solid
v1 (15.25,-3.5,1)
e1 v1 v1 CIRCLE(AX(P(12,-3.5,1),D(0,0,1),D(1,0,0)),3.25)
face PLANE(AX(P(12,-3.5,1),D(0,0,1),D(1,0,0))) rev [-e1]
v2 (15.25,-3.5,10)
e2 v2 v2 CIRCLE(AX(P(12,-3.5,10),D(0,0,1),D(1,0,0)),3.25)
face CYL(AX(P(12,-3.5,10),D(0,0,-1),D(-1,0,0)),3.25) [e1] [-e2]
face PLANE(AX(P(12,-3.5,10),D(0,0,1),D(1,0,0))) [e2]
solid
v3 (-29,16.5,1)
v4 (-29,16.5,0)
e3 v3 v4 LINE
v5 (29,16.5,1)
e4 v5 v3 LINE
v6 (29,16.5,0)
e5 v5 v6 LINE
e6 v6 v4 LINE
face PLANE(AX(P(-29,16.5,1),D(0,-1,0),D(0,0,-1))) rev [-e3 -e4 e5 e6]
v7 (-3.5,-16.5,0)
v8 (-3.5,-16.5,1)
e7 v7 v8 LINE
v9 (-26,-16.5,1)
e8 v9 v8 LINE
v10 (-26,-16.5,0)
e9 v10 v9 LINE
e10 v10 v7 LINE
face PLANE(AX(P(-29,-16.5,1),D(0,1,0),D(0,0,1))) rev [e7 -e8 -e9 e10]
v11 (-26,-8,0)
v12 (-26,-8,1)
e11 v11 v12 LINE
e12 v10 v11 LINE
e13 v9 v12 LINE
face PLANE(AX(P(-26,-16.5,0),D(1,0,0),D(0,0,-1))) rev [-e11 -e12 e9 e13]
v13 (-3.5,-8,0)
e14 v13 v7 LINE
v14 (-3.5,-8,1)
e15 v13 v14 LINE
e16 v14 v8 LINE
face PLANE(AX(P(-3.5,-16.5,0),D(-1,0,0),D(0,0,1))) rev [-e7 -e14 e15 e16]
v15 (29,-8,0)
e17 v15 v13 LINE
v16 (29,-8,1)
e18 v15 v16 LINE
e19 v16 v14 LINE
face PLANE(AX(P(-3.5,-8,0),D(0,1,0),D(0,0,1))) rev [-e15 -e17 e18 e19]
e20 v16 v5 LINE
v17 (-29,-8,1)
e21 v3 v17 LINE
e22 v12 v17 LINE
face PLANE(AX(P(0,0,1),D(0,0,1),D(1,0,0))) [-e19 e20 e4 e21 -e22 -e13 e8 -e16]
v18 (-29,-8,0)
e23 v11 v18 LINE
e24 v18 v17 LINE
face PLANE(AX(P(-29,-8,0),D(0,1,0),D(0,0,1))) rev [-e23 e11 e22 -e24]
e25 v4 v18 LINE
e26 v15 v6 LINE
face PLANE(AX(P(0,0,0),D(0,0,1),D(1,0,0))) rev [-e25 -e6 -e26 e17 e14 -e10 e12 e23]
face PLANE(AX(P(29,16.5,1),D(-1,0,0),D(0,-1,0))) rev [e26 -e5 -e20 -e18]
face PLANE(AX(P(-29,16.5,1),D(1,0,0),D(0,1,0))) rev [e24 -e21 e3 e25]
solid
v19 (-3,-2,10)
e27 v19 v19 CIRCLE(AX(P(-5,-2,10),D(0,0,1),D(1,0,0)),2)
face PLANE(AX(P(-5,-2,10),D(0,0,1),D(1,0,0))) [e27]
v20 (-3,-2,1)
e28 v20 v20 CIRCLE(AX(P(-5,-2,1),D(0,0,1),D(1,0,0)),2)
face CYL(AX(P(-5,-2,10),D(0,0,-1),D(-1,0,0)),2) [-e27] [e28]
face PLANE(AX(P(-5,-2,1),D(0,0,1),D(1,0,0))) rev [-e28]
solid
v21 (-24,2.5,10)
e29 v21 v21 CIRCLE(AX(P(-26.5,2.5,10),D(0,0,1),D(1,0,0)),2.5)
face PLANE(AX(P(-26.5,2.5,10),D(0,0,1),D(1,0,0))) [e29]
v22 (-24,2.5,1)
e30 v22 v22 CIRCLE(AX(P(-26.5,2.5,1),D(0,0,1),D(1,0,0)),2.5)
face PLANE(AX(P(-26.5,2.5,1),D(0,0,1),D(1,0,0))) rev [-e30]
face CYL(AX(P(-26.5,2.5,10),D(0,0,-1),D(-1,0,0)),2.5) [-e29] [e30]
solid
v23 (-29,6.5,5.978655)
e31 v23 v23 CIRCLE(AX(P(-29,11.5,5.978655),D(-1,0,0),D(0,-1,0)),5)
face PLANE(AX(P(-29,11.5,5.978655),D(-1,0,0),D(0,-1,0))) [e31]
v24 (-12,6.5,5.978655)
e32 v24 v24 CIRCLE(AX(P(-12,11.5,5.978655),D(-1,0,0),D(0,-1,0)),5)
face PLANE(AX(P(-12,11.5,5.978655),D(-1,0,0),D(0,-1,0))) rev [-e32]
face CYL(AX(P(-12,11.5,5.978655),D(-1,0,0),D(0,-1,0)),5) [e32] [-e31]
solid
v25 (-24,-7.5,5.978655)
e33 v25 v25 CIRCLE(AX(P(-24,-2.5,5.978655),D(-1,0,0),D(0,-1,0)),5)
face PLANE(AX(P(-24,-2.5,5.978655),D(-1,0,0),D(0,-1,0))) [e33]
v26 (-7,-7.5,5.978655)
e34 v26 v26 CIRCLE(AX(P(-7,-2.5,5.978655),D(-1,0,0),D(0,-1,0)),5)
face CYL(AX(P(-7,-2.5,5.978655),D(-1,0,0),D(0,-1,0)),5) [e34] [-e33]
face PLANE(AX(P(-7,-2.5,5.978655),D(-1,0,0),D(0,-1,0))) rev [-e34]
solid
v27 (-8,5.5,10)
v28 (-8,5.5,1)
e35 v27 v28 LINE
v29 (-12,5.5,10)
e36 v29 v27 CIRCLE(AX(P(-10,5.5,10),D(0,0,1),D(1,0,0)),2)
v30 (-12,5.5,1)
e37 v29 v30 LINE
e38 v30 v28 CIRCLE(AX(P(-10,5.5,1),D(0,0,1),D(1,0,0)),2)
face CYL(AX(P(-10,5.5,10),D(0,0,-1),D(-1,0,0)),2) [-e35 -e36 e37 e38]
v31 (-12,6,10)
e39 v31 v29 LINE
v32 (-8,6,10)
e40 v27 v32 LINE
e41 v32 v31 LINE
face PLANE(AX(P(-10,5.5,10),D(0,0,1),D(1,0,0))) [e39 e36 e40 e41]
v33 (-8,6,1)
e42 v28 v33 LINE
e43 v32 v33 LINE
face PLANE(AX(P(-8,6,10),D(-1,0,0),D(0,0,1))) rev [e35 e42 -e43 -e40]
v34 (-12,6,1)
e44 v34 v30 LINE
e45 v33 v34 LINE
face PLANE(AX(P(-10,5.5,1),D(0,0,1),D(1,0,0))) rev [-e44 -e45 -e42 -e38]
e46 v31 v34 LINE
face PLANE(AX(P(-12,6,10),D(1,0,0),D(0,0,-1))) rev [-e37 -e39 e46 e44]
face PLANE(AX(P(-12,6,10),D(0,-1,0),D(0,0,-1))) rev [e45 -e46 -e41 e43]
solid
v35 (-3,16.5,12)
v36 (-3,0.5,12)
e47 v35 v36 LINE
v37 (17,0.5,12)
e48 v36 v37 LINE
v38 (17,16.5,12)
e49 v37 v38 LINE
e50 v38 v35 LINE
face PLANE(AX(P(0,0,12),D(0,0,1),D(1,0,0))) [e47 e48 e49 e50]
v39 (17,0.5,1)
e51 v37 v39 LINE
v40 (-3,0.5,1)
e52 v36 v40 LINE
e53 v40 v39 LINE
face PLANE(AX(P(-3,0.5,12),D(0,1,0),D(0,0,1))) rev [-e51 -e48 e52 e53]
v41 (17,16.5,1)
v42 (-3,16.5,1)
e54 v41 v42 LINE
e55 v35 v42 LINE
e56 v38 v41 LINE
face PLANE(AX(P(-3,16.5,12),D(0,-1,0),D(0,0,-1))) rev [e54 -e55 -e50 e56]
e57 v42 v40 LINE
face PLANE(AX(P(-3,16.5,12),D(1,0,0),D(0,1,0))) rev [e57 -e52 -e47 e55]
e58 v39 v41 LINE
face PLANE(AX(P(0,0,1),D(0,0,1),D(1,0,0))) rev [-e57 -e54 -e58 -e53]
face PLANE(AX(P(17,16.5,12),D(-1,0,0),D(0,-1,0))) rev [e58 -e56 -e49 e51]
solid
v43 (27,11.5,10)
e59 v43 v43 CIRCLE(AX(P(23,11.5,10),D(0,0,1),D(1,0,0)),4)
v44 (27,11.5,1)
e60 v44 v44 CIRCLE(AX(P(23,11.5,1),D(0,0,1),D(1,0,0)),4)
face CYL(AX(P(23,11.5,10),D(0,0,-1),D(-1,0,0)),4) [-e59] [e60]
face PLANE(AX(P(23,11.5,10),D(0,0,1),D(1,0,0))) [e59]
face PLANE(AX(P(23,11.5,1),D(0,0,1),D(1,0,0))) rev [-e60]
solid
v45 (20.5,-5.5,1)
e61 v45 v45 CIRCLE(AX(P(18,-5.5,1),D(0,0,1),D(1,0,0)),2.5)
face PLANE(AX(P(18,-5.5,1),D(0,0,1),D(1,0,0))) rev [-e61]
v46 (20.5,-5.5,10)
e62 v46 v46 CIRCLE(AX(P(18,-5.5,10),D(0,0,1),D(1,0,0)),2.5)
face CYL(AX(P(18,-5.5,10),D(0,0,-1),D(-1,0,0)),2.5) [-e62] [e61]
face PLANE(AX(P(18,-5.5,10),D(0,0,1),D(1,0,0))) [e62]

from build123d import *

# Parameters (mm, degrees)
ESBO_O1_W                  = 58
ESBO_O1_H                  = 33
RESSALTO_EXTRUS_O1_DEPTH   = 1
ESBO_O2_W                  = 3
ESBO_O2_H                  = 8.5
ESBO_O2_W_2                = 32.5
CORTE_EXTRUS_O1_DEPTH      = 2
ESBO_O3_W                  = 20
ESBO_O3_H                  = 16
RESSALTO_EXTRUS_O2_DEPTH   = 11
ESBO_O4_R                  = 3.25
RESSALTO_EXTRUS_O3_DEPTH   = 9
ESBO_O4_R_2                = 2.5
RESSALTO_EXTRUS_O3_2_DEPTH = 9
ESBO_O4_R_3                = 4
RESSALTO_EXTRUS_O3_3_DEPTH = 9
RESSALTO_EXTRUS_O3_4_DEPTH = 9
ESBO_O4_R_4                = 2
RESSALTO_EXTRUS_O3_5_DEPTH = 9
RESSALTO_EXTRUS_O3_6_DEPTH = 9
ESBO_O5_R                  = 5
RESSALTO_EXTRUS_O4_DEPTH   = 17
RESSALTO_EXTRUS_O5_START   = -5
ESBO_O6_R                  = 5
RESSALTO_EXTRUS_O5_DEPTH   = 17


with BuildPart() as part:
    # Esboço1 → Ressalto-extrusão1 (new body)
    with BuildSketch(Plane.XY):
        Rectangle(ESBO_O1_W, ESBO_O1_H)
    extrude(amount=RESSALTO_EXTRUS_O1_DEPTH)

    # Esboço2 → Corte-extrusão1 (cut, through all)
    with BuildSketch(Plane.XY.offset(1)):
        with Locations((-27.5, -12.25)):
            Rectangle(ESBO_O2_W, ESBO_O2_H)
        with Locations((12.75, -12.25)):
            Rectangle(ESBO_O2_W_2, ESBO_O2_H)
    extrude(amount=-CORTE_EXTRUS_O1_DEPTH, mode=Mode.SUBTRACT)


with BuildPart() as body_2:
    # Esboço3 → Ressalto-extrusão2 (new body)
    with BuildSketch(Plane.XY.offset(1)):
        with Locations((7, 8.5)):
            Rectangle(ESBO_O3_W, ESBO_O3_H)
    extrude(amount=RESSALTO_EXTRUS_O2_DEPTH)


with BuildPart() as body_3:
    # Esboço4 → Ressalto-extrusão3 (new body)
    with BuildSketch(Plane.XY.offset(1)):
        with Locations((12, -3.5)):
            Circle(ESBO_O4_R)
    extrude(amount=RESSALTO_EXTRUS_O3_DEPTH)


with BuildPart() as body_4:
    # Esboço4 → Ressalto-extrus_o3 2 (new body)
    with BuildSketch(Plane.XY.offset(1)):
        with Locations((18, -5.5)):
            Circle(ESBO_O4_R_2)
    extrude(amount=RESSALTO_EXTRUS_O3_2_DEPTH)


with BuildPart() as body_5:
    # Esboço4 → Ressalto-extrus_o3 3 (new body)
    with BuildSketch(Plane.XY.offset(1)):
        with Locations((23, 11.5)):
            Circle(ESBO_O4_R_3)
    extrude(amount=RESSALTO_EXTRUS_O3_3_DEPTH)


with BuildPart() as body_6:
    # Esboço4 → Ressalto-extrus_o3 4 (new body)
    with BuildSketch(Plane.XY.offset(1)):
        with Locations((-26.5, 2.5)):
            Circle(ESBO_O4_R_2)
    extrude(amount=RESSALTO_EXTRUS_O3_4_DEPTH)


with BuildPart() as body_7:
    # Esboço4 → Ressalto-extrus_o3 5 (new body)
    with BuildSketch(Plane.XY.offset(1)):
        with Locations((-5, -2)):
            Circle(ESBO_O4_R_4)
    extrude(amount=RESSALTO_EXTRUS_O3_5_DEPTH)


with BuildPart() as body_8:
    # Esboço4 → Ressalto-extrus_o3 6 (new body)
    with BuildSketch(Plane.XY.offset(1)):
        with BuildLine():
            Line((-12, 6), (-8, 6))
            Line((-8, 6), (-8, 5.5))
            ThreePointArc((-8, 5.5), (-10, 3.5), (-12, 5.5))
            Line((-12, 5.5), (-12, 6))
        make_face()
    extrude(amount=RESSALTO_EXTRUS_O3_6_DEPTH)


with BuildPart() as body_9:
    # Esboço5 → Ressalto-extrusão4 (new body)
    with BuildSketch(Plane.ZY.offset(29)):
        with Locations((5.978654941, 11.5)):
            Circle(ESBO_O5_R)
    extrude(amount=-RESSALTO_EXTRUS_O4_DEPTH)


with BuildPart() as body_10:
    # Esboço6 → Ressalto-extrusão5 (new body)
    with BuildSketch(Plane.ZY.offset(29).offset(RESSALTO_EXTRUS_O5_START)):
        with Locations((5.978654941, -2.5)):
            Circle(ESBO_O6_R)
    extrude(amount=-RESSALTO_EXTRUS_O5_DEPTH)


solid = Compound([part.part, body_2.part, body_3.part, body_4.part, body_5.part, body_6.part, body_7.part, body_8.part, body_9.part, body_10.part])
